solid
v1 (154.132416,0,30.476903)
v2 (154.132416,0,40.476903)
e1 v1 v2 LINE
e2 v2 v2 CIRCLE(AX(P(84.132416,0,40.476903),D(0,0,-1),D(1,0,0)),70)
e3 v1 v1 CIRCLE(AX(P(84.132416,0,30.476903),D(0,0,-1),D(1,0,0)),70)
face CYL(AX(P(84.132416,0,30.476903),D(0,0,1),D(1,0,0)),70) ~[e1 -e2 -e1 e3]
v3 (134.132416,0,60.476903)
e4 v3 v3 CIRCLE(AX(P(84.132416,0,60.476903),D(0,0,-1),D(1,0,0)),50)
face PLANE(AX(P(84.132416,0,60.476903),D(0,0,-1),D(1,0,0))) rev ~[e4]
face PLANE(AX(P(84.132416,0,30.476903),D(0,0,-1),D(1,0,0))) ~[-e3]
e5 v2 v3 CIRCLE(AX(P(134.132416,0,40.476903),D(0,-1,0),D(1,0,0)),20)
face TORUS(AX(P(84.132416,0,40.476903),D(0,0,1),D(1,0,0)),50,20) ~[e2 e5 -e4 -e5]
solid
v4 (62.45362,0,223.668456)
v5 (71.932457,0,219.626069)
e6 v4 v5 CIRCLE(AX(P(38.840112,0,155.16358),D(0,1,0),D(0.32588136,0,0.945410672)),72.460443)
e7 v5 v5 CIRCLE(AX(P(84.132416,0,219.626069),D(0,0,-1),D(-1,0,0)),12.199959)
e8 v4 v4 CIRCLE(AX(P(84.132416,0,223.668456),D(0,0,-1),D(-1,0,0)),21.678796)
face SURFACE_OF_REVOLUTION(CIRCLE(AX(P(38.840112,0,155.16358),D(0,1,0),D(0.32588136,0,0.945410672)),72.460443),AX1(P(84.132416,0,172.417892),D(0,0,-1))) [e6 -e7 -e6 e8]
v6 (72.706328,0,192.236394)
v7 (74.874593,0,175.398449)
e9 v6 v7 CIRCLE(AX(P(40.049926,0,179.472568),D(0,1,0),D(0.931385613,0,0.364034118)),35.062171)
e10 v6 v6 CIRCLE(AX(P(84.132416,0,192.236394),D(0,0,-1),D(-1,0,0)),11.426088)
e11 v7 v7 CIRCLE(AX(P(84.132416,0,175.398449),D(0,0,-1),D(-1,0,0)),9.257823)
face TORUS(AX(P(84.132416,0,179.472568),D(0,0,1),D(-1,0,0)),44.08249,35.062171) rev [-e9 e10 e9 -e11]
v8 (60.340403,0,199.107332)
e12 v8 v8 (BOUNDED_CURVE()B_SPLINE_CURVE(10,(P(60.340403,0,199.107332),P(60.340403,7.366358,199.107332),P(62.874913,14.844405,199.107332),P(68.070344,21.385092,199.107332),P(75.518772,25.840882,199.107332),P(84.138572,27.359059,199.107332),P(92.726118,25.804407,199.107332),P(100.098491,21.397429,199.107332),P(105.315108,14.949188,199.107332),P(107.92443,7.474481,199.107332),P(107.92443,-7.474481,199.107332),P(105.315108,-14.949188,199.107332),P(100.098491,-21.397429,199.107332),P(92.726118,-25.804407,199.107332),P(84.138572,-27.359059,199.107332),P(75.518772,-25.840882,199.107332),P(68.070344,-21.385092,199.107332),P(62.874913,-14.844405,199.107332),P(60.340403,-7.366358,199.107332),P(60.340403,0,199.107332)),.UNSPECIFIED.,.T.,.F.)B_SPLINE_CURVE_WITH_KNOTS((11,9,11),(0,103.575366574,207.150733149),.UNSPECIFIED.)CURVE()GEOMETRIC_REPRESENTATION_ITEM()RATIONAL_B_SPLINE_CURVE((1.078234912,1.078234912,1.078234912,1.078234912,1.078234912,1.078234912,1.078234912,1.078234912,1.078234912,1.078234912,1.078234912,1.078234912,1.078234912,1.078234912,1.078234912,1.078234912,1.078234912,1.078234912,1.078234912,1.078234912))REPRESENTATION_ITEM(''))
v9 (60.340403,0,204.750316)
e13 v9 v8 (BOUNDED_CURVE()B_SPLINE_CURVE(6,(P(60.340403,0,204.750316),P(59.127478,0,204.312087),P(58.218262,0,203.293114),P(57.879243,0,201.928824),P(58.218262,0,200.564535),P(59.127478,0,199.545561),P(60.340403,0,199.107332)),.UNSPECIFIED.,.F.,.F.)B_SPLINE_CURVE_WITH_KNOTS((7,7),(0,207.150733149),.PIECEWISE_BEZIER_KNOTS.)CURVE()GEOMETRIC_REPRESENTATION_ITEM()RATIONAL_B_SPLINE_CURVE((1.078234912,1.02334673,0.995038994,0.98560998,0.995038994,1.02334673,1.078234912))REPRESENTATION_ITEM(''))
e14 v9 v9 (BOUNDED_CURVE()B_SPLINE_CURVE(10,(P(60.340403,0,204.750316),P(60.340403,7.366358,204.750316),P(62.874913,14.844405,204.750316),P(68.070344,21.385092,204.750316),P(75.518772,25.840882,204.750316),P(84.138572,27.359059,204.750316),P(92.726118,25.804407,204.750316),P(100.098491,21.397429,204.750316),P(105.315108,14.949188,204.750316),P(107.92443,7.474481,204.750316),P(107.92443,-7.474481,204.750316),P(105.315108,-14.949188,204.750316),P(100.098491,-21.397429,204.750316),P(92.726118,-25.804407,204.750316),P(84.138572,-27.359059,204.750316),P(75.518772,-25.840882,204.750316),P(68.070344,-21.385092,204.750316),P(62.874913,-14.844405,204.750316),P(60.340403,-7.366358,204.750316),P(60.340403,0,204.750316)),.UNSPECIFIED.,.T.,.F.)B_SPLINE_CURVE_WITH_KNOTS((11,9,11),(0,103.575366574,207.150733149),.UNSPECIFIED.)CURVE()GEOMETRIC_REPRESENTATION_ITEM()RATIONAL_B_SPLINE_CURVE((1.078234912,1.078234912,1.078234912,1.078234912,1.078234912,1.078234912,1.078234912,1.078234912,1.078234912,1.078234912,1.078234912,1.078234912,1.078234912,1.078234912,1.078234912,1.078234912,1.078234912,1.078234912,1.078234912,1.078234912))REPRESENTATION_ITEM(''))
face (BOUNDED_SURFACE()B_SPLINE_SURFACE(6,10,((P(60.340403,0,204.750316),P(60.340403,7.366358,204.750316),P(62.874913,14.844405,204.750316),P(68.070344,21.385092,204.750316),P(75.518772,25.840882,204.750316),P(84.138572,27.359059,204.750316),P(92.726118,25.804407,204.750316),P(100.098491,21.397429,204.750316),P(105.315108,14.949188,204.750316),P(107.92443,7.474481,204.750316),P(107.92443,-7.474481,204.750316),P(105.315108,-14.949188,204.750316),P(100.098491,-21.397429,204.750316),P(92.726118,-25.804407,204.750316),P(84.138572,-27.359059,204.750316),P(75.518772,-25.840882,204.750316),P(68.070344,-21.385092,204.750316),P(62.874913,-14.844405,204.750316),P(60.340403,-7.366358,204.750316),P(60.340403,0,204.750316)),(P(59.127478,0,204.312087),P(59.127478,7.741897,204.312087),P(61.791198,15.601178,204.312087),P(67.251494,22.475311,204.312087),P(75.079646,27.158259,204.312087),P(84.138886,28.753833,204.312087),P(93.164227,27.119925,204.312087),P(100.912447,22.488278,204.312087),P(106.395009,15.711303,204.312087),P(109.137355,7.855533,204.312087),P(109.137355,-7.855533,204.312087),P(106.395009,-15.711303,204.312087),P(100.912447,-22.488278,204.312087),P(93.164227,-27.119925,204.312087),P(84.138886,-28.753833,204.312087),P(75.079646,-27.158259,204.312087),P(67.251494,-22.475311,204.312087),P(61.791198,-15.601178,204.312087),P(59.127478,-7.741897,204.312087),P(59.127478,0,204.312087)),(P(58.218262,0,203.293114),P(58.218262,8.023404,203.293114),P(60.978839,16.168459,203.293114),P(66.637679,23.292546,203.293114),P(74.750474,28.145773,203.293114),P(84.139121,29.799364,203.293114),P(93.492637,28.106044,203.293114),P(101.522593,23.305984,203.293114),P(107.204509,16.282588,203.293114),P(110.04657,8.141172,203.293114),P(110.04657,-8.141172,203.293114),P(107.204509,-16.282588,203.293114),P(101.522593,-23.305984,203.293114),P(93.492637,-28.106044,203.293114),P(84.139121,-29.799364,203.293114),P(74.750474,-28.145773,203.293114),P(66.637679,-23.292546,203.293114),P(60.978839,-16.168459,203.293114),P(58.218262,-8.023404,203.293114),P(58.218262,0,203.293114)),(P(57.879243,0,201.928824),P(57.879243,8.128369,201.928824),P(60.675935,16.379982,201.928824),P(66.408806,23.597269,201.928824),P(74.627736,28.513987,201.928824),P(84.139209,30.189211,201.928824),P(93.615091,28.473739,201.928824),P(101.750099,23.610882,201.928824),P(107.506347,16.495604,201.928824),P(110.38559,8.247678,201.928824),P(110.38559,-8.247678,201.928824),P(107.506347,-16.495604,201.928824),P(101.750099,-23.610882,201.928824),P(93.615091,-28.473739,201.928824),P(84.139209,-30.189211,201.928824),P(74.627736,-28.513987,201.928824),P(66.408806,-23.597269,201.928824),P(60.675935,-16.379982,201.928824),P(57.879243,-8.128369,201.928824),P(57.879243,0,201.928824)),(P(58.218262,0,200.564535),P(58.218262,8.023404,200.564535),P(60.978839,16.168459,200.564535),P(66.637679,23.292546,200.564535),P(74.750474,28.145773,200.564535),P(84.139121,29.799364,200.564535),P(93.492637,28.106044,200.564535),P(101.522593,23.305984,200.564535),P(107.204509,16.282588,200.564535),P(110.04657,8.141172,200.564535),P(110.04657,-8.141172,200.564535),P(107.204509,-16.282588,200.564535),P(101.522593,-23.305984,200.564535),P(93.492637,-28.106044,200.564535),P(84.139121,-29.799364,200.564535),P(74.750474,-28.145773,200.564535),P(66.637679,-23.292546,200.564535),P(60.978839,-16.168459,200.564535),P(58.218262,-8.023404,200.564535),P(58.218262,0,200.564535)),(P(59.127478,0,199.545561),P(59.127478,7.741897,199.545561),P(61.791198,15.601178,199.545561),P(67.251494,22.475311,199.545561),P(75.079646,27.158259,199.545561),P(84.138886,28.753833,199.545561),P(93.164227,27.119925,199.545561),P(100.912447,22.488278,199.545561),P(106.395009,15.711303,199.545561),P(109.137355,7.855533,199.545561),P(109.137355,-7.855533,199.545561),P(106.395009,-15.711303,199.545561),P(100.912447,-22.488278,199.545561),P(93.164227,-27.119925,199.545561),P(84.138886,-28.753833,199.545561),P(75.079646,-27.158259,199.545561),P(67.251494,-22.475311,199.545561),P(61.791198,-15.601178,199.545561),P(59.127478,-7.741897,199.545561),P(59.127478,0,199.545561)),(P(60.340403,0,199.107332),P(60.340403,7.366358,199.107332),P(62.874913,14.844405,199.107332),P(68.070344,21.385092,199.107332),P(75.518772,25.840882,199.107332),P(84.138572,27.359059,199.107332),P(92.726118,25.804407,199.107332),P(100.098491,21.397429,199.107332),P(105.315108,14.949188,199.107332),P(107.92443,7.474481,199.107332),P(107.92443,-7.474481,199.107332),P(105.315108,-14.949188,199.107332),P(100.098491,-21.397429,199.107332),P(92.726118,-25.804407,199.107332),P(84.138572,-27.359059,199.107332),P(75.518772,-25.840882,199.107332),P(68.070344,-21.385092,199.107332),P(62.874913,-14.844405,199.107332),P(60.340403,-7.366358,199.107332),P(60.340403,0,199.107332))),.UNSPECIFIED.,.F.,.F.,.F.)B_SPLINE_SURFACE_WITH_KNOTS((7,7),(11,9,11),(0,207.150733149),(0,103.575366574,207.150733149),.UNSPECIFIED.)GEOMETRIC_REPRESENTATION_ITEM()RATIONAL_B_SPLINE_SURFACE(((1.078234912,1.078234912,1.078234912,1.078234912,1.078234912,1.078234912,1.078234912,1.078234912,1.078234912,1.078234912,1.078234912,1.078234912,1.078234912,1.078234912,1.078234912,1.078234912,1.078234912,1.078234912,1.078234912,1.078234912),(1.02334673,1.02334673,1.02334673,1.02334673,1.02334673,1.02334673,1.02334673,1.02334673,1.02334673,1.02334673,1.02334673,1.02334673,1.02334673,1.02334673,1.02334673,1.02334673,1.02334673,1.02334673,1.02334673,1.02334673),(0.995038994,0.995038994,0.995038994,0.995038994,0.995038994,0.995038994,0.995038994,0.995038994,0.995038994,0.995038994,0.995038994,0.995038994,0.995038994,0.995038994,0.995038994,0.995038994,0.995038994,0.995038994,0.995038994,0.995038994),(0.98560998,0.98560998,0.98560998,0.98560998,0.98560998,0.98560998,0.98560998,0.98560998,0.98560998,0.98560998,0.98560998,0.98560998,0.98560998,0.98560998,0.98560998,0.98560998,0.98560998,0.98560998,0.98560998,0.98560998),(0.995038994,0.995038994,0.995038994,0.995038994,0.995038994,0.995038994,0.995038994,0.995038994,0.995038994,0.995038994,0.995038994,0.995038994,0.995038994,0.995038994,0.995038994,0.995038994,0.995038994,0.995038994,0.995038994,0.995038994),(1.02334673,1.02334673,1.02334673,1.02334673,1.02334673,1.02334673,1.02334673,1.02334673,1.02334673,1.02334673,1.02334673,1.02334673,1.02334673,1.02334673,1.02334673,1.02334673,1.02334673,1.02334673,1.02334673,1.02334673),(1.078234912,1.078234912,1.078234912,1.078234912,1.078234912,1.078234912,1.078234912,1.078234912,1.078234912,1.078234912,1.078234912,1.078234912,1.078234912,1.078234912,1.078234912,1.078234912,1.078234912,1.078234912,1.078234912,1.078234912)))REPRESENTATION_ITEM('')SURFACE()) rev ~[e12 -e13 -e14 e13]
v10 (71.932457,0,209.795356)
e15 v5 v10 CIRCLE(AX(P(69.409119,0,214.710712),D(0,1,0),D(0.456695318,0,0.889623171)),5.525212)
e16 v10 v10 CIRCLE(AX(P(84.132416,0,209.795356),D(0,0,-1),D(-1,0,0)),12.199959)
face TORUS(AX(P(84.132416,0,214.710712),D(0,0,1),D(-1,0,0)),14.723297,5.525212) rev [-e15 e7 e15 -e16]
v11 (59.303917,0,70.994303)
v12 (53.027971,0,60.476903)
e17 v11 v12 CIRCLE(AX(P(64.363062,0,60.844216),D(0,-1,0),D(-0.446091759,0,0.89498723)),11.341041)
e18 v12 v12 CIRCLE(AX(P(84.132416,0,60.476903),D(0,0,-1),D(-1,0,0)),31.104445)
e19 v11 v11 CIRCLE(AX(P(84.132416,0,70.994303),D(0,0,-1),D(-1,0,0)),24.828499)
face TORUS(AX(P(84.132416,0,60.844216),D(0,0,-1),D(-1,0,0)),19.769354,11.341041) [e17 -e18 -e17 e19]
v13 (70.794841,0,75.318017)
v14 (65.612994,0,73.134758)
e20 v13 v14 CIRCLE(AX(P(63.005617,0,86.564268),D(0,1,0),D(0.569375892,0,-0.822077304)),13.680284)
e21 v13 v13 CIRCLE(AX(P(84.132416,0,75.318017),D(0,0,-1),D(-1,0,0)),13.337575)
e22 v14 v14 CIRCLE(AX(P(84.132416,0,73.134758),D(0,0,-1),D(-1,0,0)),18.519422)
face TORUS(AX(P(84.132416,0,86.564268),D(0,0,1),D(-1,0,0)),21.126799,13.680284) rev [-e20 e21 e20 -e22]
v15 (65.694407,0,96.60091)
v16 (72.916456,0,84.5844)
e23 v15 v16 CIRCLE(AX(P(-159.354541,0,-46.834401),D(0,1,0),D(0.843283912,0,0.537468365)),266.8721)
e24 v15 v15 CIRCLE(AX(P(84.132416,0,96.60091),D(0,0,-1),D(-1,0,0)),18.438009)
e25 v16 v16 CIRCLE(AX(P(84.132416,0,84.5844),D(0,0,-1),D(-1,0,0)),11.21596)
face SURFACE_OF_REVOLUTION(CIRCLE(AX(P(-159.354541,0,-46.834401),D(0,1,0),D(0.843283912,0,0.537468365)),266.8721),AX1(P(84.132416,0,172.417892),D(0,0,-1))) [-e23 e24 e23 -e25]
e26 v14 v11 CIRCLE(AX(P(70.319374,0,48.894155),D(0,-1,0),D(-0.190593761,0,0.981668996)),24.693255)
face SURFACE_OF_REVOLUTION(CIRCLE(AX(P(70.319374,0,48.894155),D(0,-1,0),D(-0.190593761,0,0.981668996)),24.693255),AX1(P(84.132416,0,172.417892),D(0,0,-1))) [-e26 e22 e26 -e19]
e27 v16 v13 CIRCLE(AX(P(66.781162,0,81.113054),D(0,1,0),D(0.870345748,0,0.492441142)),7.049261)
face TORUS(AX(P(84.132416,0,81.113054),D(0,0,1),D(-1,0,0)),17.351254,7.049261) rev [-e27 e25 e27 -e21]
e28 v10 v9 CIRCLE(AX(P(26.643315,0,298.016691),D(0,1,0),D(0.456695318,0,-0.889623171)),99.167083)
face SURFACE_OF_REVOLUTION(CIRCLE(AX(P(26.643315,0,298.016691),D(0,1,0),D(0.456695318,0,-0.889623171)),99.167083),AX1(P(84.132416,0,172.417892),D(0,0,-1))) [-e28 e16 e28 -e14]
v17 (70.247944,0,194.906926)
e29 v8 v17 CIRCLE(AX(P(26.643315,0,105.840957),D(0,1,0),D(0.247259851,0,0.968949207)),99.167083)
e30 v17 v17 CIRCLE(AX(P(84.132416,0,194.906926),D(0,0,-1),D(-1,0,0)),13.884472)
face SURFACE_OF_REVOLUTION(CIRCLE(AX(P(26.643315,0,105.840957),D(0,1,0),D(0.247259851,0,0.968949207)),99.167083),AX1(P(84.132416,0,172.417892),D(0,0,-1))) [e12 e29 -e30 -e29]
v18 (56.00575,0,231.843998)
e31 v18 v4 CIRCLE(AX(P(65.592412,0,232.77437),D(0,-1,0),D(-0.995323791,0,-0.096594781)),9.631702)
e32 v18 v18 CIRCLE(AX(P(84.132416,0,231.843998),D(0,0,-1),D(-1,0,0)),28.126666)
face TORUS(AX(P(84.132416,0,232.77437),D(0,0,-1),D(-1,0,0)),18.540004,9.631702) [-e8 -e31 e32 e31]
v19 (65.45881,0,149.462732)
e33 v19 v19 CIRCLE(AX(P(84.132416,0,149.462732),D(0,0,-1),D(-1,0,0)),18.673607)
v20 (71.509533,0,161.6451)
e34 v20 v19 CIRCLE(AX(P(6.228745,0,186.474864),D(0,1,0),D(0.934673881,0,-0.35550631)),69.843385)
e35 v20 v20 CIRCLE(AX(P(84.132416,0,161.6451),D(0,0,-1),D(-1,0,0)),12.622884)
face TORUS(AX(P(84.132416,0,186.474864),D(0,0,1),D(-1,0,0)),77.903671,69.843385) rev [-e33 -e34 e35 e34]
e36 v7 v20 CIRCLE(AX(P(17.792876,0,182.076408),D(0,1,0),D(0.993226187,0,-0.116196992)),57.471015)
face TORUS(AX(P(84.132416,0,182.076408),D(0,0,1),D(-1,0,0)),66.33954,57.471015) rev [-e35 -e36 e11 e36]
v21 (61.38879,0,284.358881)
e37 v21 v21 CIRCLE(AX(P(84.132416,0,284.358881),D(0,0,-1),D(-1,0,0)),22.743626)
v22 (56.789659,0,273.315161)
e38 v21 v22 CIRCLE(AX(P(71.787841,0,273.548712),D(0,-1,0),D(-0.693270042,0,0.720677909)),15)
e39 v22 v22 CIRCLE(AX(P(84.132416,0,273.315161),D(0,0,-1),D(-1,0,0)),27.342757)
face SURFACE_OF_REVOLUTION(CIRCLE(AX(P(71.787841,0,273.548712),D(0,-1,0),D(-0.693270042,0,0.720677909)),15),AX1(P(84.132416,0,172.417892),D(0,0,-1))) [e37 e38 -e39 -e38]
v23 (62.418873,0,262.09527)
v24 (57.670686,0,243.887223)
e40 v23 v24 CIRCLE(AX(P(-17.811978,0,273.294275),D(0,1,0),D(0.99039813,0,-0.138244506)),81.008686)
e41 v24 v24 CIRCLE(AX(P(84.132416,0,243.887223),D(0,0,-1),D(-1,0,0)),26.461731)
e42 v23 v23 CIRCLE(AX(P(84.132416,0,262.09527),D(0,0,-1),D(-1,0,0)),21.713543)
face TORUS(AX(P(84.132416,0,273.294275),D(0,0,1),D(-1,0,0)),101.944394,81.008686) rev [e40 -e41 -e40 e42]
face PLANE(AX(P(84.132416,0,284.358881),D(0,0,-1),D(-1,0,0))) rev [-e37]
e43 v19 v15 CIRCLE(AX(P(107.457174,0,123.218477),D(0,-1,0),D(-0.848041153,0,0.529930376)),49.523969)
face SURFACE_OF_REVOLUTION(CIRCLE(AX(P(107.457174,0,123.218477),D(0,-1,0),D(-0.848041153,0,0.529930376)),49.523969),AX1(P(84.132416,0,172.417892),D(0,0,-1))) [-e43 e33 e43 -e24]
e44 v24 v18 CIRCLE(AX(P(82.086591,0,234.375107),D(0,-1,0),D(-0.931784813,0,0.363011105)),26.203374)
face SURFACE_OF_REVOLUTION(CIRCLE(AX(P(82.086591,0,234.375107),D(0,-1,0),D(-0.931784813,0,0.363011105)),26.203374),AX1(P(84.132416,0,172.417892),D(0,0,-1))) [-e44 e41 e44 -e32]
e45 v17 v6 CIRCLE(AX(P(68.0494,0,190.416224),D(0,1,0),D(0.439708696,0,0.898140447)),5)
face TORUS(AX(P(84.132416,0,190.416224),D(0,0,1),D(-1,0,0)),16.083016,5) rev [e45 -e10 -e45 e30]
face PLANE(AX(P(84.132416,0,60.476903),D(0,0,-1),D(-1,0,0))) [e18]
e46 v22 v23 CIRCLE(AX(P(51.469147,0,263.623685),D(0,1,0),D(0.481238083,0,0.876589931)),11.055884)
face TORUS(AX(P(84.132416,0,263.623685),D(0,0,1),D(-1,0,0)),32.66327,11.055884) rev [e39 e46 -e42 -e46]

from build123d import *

# Parameters (mm, degrees)
F2_R = 3


with BuildPart() as f1:
    # F0 (on Front) → F1 (revolve)
    with BuildSketch(Plane.XZ):
        with BuildLine():
            Line((84.1324161716, 284.3588808628), (61.3887900272, 284.3588808628))
            ThreePointArc((61.3887900272, 284.3588808628), (57.9406103582, 279.3153588306), (56.7896589637, 273.3151614666))
            ThreePointArc((56.7896589637, 273.3151614666), (61.3510322179, 268.5815983947), (62.4188733837, 262.0952696516))
            ThreePointArc((62.4188733837, 262.0952696516), (60.5752526409, 252.8529125694), (57.6706855737, 243.8872228563))
            ThreePointArc((57.6706855737, 243.8872228563), (56.1300857268, 237.9635073102), (56.0057499876, 231.8439979848))
            ThreePointArc((56.0057499876, 231.8439979848), (58.0297296325, 226.8098485674), (62.4536201358, 223.6684560776))
            ThreePointArc((62.4536201358, 223.6684560776), (67.2649898221, 221.8159778375), (71.9324573874, 219.6260690689))
            ThreePointArc((71.9324573874, 219.6260690689), (74.934330947, 214.7107124329), (71.9324573874, 209.7953557968))
            ThreePointArc((71.9324573874, 209.7953557968), (61.7688185166, 205.2788378272), (51.1633530259, 201.9288241863))
            ThreePointArc((51.1633530259, 201.9288241863), (60.8861145031, 198.9083581692), (70.2479437022, 194.9069259568))
            ThreePointArc((70.2479437022, 194.9069259568), (71.7280286816, 193.8026219039), (72.7063282874, 192.2363943124))
            ThreePointArc((72.7063282874, 192.2363943124), (74.8249570323, 183.9506362901), (74.8745930799, 175.3984488491))
            ThreePointArc((74.8745930799, 175.3984488491), (73.6172305248, 168.4177475315), (71.5095326167, 161.6450995257))
            ThreePointArc((71.5095326167, 161.6450995257), (68.7814475811, 155.4062650512), (65.4588096462, 149.4627323715))
            ThreePointArc((65.4588096462, 149.4627323715), (57.9336962373, 122.9977578807), (65.6944070791, 96.6009100794))
            ThreePointArc((65.6944070791, 96.6009100794), (69.3843542563, 90.6400886042), (72.9164561548, 84.5844004509))
            ThreePointArc((72.9164561548, 84.5844004509), (73.6526159734, 79.539778309), (70.7948411626, 75.318017188))
            ThreePointArc((70.7948411626, 75.318017188), (68.3173008568, 73.9572785471), (65.6129941372, 73.1347575556))
            ThreePointArc((65.6129941372, 73.1347575556), (62.3859368242, 72.278282), (59.3039169902, 70.9943026307))
            ThreePointArc((59.3039169902, 70.9943026307), (54.6241365165, 66.6556305637), (53.0279708814, 60.4769028749))
            Line((53.0279708814, 60.4769028749), (84.1324161716, 60.4769028749))
            Line((84.1324161716, 60.4769028749), (84.1324161716, 284.3588808628))
        make_face()
    revolve(axis=Axis((84.1324161716, 0, 172.4178918689), (0, 0, -1)))

    # F2
    f2_edges = [f1.edges().sort_by_distance(p)[0] for p in [
        (117.101479, 0, 201.928824),
    ]]
    fillet(f2_edges, radius=F2_R)


with BuildPart() as f4:
    # F3 (on Front) → F4 (revolve)
    with BuildSketch(Plane.XZ):
        with BuildLine():
            Line((134.1324161716, 60.4769028749), (84.1324161716, 60.4769028749))
            Line((84.1324161716, 60.4769028749), (84.1324161716, 30.4769028749))
            Line((84.1324161716, 30.4769028749), (154.1324161716, 30.4769028749))
            Line((154.1324161716, 30.4769028749), (154.1324161716, 40.4769028749))
            ThreePointArc((154.1324161716, 40.4769028749), (148.2745517953, 54.6190384987), (134.1324161716, 60.4769028749))
        make_face()
    revolve(axis=Axis((84.1324161716, 0, 37.6531225642), (0, 0, -1)))


solid = Compound([f1.part, f4.part])
